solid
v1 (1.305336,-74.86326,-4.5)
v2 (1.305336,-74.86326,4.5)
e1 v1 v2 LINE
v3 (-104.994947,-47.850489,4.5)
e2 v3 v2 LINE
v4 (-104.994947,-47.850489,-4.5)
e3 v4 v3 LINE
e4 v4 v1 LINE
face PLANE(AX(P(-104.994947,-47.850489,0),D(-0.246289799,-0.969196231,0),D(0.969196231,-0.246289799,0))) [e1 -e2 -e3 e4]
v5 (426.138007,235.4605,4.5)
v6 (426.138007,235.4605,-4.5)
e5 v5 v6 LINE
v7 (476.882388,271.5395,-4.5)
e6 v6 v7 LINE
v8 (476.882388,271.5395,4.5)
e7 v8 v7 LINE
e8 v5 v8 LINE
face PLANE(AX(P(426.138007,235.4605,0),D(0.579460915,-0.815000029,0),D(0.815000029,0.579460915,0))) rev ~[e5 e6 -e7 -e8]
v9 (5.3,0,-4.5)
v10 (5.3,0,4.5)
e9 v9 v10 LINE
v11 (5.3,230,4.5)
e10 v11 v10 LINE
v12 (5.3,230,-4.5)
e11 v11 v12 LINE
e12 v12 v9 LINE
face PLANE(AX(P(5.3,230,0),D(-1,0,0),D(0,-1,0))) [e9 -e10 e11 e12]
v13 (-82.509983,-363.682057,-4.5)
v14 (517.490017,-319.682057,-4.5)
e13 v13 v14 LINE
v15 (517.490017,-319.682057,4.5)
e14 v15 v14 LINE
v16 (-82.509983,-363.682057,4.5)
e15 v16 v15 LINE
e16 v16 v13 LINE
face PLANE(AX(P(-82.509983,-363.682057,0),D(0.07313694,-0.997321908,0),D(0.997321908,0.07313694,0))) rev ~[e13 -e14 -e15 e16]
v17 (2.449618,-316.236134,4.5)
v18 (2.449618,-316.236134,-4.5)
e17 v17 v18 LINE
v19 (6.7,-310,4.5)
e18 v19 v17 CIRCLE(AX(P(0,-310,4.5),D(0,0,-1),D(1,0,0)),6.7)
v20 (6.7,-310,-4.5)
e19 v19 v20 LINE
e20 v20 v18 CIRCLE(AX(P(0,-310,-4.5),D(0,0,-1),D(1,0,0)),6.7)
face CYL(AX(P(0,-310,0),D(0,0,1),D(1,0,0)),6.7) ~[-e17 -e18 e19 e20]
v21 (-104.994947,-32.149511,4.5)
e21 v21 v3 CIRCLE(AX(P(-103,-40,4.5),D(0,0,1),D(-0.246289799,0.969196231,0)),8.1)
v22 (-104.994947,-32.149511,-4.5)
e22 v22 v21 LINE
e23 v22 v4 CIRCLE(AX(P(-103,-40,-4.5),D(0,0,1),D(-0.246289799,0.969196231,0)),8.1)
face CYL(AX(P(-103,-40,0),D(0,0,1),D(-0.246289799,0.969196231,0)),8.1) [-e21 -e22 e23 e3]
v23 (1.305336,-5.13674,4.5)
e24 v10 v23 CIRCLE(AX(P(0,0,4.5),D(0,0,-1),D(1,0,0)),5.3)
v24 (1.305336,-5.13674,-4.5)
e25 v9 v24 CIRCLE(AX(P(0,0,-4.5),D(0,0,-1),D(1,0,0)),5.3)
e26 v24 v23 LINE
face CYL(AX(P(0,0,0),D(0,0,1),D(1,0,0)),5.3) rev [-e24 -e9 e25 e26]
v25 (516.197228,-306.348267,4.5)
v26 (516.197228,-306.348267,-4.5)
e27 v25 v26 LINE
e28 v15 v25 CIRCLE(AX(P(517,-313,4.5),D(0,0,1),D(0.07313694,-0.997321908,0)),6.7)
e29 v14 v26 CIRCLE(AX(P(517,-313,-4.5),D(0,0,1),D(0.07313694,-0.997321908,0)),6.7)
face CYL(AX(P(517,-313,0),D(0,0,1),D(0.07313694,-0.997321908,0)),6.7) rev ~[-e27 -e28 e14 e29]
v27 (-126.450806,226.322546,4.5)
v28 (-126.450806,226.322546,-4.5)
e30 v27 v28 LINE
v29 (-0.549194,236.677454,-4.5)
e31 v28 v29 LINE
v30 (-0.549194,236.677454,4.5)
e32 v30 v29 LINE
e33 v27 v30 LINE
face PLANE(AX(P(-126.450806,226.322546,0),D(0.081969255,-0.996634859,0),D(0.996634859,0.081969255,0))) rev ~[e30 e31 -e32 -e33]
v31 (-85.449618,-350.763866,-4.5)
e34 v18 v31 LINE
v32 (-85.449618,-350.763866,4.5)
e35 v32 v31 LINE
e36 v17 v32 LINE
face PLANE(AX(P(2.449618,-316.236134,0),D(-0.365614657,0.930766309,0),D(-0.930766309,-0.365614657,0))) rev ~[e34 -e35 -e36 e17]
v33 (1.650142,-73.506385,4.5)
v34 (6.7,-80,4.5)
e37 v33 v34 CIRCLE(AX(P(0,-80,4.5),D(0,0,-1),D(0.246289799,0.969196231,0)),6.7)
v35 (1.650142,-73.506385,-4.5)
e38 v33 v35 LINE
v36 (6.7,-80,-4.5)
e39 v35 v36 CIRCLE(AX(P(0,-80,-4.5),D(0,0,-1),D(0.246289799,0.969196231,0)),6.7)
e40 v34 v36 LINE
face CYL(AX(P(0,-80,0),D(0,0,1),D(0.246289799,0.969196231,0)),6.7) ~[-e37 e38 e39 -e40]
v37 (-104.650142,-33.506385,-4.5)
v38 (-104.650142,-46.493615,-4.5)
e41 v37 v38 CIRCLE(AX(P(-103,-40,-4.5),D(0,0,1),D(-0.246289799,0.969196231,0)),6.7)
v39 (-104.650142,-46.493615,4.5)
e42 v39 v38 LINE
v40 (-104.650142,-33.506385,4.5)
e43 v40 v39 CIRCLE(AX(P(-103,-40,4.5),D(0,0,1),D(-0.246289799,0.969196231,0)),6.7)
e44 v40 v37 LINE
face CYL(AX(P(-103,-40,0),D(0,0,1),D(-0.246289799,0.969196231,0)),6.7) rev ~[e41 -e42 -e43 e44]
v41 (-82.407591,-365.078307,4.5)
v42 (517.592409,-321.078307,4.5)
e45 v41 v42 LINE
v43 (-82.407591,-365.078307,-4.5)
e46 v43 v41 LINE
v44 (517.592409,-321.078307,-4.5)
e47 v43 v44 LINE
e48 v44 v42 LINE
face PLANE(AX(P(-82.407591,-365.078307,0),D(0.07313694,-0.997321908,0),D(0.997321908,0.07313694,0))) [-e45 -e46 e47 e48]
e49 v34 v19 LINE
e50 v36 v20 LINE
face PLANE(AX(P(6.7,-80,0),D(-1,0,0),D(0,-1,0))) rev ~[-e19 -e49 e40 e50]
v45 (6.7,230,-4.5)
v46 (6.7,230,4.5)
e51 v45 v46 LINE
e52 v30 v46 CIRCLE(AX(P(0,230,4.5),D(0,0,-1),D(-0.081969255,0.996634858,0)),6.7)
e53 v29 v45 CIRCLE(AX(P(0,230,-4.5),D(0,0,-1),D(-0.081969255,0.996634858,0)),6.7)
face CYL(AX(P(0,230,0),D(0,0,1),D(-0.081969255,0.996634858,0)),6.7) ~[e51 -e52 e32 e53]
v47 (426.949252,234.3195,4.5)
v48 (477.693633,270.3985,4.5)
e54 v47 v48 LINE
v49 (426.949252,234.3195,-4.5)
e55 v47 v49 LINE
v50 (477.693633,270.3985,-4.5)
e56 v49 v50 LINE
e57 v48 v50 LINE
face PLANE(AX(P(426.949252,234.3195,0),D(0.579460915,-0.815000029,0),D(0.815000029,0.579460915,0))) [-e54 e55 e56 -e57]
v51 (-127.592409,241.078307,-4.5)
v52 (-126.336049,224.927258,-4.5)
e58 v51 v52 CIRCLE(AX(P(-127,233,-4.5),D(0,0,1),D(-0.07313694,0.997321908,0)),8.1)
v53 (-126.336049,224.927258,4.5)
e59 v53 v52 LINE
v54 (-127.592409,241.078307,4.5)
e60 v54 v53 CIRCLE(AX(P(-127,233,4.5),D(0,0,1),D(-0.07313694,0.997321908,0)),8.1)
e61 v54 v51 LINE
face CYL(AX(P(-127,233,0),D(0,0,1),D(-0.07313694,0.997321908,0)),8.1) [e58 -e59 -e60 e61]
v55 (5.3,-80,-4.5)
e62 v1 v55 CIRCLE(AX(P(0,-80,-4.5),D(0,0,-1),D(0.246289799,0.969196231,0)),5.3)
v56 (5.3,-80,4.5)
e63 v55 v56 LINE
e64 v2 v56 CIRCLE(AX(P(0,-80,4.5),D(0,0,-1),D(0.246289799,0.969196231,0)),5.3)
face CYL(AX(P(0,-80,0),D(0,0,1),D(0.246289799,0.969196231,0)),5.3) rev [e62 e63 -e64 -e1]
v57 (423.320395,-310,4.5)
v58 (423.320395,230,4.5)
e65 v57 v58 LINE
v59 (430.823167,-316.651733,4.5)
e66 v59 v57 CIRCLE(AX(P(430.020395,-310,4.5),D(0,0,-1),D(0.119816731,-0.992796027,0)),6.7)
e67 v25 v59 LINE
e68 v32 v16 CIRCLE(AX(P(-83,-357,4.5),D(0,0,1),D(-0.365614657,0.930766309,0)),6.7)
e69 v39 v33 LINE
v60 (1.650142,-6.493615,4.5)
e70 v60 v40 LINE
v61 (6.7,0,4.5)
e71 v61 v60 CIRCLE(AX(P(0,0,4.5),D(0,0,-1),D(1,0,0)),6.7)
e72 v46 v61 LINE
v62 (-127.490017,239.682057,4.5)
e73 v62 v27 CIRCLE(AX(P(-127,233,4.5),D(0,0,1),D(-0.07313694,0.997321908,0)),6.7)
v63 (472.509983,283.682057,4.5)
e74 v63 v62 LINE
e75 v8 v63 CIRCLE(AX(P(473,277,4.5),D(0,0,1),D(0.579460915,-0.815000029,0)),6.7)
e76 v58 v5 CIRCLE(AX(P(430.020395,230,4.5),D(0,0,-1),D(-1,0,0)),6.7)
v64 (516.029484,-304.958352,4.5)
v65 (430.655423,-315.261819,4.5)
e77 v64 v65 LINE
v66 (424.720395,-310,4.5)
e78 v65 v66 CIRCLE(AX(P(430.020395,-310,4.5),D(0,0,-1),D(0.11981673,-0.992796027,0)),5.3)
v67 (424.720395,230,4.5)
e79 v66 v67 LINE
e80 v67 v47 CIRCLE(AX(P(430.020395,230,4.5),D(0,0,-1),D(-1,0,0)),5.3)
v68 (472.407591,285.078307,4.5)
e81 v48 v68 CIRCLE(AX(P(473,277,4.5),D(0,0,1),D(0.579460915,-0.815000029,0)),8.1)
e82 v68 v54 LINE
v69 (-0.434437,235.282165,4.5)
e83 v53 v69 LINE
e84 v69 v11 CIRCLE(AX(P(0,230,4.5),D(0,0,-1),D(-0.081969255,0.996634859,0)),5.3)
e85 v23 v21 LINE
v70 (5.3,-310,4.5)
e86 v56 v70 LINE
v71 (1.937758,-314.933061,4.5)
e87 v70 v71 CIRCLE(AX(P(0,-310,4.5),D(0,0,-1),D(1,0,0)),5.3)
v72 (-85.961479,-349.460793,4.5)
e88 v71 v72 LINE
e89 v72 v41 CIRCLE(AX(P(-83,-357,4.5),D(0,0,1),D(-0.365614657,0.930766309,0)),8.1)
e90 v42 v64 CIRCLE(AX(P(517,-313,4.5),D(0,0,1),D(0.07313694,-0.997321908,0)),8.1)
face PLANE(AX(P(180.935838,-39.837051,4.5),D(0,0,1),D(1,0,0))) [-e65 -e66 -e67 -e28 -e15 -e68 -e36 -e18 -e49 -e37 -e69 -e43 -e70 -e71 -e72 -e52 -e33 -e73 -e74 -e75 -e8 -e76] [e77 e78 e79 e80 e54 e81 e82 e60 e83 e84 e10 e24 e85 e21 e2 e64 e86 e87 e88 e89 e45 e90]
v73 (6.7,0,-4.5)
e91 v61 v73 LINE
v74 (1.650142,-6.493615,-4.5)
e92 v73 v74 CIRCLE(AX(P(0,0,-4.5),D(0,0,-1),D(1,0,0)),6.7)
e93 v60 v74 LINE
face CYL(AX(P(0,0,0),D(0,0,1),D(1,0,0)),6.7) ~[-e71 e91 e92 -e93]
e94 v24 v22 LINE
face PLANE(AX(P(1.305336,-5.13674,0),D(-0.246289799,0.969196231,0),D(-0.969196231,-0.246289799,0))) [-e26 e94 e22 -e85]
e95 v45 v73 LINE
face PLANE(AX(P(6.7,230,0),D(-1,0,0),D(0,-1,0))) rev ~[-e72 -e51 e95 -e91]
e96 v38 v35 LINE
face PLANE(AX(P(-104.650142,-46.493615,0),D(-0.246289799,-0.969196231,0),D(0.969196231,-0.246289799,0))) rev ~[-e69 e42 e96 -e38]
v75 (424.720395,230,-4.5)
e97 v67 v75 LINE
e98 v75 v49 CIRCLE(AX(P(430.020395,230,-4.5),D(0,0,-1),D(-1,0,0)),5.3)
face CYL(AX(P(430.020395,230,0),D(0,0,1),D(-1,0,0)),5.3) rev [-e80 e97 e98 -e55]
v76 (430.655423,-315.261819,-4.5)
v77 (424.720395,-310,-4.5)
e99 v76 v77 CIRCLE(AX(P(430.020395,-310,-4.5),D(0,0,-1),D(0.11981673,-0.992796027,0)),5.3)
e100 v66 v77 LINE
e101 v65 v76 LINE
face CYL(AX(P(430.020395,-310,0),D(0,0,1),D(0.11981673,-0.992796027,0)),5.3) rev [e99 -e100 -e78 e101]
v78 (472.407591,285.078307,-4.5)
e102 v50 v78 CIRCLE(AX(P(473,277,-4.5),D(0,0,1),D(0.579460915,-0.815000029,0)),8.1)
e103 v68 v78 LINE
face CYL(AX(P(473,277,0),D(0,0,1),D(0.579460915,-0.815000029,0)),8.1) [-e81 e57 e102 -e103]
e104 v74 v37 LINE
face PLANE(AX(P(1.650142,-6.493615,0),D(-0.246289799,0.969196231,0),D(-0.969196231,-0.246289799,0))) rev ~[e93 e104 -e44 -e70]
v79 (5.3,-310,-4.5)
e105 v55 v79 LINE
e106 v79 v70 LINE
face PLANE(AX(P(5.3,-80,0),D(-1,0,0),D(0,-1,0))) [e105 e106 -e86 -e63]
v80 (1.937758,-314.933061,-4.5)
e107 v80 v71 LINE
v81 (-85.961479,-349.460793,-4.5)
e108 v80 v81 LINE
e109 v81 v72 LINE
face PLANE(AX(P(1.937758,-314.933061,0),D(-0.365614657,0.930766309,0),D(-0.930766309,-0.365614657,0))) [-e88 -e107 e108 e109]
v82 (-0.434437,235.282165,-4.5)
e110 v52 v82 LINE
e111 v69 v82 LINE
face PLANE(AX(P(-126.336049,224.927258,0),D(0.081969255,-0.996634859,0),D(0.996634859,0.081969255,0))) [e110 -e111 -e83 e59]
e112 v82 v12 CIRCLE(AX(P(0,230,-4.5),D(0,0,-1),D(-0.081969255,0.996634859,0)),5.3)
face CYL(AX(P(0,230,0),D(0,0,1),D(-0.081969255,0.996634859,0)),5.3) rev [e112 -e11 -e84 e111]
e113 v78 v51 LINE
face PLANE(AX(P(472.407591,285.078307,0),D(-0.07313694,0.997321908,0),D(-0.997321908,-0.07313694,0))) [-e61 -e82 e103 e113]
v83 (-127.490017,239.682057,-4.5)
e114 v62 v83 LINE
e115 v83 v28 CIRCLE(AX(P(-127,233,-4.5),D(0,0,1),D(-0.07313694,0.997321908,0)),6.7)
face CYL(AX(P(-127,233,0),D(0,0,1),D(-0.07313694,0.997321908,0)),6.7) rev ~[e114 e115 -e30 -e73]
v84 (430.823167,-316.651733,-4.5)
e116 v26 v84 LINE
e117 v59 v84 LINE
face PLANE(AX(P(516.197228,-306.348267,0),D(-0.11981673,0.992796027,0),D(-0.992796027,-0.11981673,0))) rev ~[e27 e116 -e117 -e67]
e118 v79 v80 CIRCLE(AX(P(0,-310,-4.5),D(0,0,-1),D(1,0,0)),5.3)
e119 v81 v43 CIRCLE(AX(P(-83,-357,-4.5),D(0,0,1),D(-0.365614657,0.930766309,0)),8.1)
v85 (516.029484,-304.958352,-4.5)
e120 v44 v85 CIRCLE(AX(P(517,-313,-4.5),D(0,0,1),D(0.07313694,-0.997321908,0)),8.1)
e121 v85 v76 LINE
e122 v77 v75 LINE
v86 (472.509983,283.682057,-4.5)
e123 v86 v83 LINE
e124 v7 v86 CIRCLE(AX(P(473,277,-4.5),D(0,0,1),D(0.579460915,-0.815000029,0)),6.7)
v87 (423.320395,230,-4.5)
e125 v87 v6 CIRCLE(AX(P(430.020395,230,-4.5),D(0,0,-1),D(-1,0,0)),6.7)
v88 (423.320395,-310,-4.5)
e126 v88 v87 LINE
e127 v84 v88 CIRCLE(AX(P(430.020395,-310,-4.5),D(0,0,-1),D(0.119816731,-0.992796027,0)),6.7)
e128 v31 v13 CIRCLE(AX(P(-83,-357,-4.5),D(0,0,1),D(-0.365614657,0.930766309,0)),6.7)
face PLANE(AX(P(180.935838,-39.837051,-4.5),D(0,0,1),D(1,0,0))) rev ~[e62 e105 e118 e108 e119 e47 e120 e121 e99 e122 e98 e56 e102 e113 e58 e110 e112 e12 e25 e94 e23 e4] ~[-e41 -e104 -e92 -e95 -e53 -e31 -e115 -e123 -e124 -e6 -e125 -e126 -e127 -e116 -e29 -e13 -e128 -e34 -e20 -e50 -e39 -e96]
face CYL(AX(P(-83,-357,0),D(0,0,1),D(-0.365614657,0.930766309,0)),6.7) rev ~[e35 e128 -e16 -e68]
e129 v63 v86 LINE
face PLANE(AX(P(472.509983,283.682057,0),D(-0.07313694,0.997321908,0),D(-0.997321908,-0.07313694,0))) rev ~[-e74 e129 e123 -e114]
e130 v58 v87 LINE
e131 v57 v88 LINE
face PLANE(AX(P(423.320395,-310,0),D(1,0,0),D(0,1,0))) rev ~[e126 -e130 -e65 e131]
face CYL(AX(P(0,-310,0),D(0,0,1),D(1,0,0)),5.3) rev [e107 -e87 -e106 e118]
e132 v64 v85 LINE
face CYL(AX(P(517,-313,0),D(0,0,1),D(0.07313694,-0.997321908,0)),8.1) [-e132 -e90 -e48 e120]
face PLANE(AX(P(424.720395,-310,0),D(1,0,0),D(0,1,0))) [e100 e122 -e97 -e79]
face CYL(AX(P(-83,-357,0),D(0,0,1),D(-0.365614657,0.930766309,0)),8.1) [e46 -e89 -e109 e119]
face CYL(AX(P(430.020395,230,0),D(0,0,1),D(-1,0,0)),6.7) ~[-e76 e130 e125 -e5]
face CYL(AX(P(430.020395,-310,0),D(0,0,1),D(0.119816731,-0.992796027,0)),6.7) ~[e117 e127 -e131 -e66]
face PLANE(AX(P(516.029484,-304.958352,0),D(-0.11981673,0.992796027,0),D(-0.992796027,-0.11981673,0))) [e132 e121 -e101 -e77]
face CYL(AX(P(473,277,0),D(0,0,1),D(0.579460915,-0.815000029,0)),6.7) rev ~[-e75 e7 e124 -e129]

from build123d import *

# Parameters (mm, degrees)
EXTRUDE_1_DEPTH = 4.5


with BuildPart() as part:
    # Эскиз2 → Вытянуть-Тонкостенный1 (new, symmetric)
    with BuildSketch(Plane.XY):
        with BuildLine():
            Line((5.3, 230), (5.3, 0))
            ThreePointArc((5.3, 0), (4.183794955, -3.253591827), (1.305335933, -5.136740027))
            Line((1.305335933, -5.136740027), (-104.994947369, -32.149510525))
            ThreePointArc((-104.994947369, -32.149510525), (-111.1, -40), (-104.994947369, -47.850489475))
            Line((-104.994947369, -47.850489475), (1.305335933, -74.863259973))
            ThreePointArc((1.305335933, -74.863259973), (4.183794955, -76.746408173), (5.3, -80))
            Line((5.3, -80), (5.3, -310))
            ThreePointArc((5.3, -310), (4.379504294, -312.98495262), (1.937757682, -314.933061439))
            Line((1.937757682, -314.933061439), (-85.961478722, -349.460792895))
            ThreePointArc((-85.961478722, -349.460792895), (-90.898089189, -358.797272144), (-82.407590787, -365.078307454))
            Line((-82.407590787, -365.078307454), (517.592409213, -321.078307454))
            ThreePointArc((517.592409213, -321.078307454), (525.062194527, -312.218322694), (516.029484483, -304.958352182))
            Line((516.029484483, -304.958352182), (430.655423427, -315.261818943))
            ThreePointArc((430.655423427, -315.261818943), (426.504406414, -313.965832319), (424.720394755, -310))
            Line((424.720394755, -310), (424.720394755, 230))
            ThreePointArc((424.720394755, 230), (425.310455419, 232.430323322), (426.949251906, 234.319500156))
            Line((426.949251906, 234.319500156), (477.693633412, 270.398499762))
            ThreePointArc((477.693633412, 270.398499762), (480.620970965, 279.744230593), (472.407590787, 285.078307454))
            Line((472.407590787, 285.078307454), (-127.592409213, 241.078307454))
            ThreePointArc((-127.592409213, 241.078307454), (-135.075604128, 232.371813747), (-126.336049032, 224.927257646))
            Line((-126.336049032, 224.927257646), (-0.434437053, 235.28216475))
            ThreePointArc((-0.434437053, 235.28216475), (3.590785681, 233.898237831), (5.3, 230))
        make_face()
        with BuildLine():
            Line((6.7, 230), (6.7, 0))
            ThreePointArc((6.7, 0), (5.288948339, -4.113031178), (1.650141651, -6.493614751))
            Line((1.650141651, -6.493614751), (-104.650141651, -33.506385249))
            ThreePointArc((-104.650141651, -33.506385249), (-109.7, -40), (-104.650141651, -46.493614751))
            Line((-104.650141651, -46.493614751), (1.650141651, -73.506385249))
            ThreePointArc((1.650141651, -73.506385249), (5.288948339, -75.886968822), (6.7, -80))
            Line((6.7, -80), (6.7, -310))
            ThreePointArc((6.7, -310), (5.536354485, -313.77343067), (2.449618202, -316.236134272))
            Line((2.449618202, -316.236134272), (-85.449618202, -350.763865728))
            ThreePointArc((-85.449618202, -350.763865728), (-89.532987354, -358.486632515), (-82.509982503, -363.682056783))
            Line((-82.509982503, -363.682056783), (517.490017497, -319.682056783))
            ThreePointArc((517.490017497, -319.682056783), (523.668728806, -312.353427414), (516.197227906, -306.34826662))
            Line((516.197227906, -306.34826662), (430.82316685, -316.65173338))
            ThreePointArc((430.82316685, -316.65173338), (425.575654776, -315.013410667), (423.320394755, -310))
            Line((423.320394755, -310), (423.320394755, 230))
            ThreePointArc((423.320394755, 230), (424.0663205, 233.07229552), (426.138006625, 235.460500197))
            Line((426.138006625, 235.460500197), (476.882388131, 271.539499803))
            ThreePointArc((476.882388131, 271.539499803), (479.303766107, 279.269919132), (472.509982503, 283.682056783))
            Line((472.509982503, 283.682056783), (-127.490017497, 239.682056783))
            ThreePointArc((-127.490017497, 239.682056783), (-133.679820698, 232.480389148), (-126.450805989, 226.322546448))
            Line((-126.450805989, 226.322546448), (-0.549194011, 236.677453552))
            ThreePointArc((-0.549194011, 236.677453552), (4.539295107, 234.927961032), (6.7, 230))
        make_face(mode=Mode.SUBTRACT)
    extrude(amount=EXTRUDE_1_DEPTH, both=True)


solid = part.part
